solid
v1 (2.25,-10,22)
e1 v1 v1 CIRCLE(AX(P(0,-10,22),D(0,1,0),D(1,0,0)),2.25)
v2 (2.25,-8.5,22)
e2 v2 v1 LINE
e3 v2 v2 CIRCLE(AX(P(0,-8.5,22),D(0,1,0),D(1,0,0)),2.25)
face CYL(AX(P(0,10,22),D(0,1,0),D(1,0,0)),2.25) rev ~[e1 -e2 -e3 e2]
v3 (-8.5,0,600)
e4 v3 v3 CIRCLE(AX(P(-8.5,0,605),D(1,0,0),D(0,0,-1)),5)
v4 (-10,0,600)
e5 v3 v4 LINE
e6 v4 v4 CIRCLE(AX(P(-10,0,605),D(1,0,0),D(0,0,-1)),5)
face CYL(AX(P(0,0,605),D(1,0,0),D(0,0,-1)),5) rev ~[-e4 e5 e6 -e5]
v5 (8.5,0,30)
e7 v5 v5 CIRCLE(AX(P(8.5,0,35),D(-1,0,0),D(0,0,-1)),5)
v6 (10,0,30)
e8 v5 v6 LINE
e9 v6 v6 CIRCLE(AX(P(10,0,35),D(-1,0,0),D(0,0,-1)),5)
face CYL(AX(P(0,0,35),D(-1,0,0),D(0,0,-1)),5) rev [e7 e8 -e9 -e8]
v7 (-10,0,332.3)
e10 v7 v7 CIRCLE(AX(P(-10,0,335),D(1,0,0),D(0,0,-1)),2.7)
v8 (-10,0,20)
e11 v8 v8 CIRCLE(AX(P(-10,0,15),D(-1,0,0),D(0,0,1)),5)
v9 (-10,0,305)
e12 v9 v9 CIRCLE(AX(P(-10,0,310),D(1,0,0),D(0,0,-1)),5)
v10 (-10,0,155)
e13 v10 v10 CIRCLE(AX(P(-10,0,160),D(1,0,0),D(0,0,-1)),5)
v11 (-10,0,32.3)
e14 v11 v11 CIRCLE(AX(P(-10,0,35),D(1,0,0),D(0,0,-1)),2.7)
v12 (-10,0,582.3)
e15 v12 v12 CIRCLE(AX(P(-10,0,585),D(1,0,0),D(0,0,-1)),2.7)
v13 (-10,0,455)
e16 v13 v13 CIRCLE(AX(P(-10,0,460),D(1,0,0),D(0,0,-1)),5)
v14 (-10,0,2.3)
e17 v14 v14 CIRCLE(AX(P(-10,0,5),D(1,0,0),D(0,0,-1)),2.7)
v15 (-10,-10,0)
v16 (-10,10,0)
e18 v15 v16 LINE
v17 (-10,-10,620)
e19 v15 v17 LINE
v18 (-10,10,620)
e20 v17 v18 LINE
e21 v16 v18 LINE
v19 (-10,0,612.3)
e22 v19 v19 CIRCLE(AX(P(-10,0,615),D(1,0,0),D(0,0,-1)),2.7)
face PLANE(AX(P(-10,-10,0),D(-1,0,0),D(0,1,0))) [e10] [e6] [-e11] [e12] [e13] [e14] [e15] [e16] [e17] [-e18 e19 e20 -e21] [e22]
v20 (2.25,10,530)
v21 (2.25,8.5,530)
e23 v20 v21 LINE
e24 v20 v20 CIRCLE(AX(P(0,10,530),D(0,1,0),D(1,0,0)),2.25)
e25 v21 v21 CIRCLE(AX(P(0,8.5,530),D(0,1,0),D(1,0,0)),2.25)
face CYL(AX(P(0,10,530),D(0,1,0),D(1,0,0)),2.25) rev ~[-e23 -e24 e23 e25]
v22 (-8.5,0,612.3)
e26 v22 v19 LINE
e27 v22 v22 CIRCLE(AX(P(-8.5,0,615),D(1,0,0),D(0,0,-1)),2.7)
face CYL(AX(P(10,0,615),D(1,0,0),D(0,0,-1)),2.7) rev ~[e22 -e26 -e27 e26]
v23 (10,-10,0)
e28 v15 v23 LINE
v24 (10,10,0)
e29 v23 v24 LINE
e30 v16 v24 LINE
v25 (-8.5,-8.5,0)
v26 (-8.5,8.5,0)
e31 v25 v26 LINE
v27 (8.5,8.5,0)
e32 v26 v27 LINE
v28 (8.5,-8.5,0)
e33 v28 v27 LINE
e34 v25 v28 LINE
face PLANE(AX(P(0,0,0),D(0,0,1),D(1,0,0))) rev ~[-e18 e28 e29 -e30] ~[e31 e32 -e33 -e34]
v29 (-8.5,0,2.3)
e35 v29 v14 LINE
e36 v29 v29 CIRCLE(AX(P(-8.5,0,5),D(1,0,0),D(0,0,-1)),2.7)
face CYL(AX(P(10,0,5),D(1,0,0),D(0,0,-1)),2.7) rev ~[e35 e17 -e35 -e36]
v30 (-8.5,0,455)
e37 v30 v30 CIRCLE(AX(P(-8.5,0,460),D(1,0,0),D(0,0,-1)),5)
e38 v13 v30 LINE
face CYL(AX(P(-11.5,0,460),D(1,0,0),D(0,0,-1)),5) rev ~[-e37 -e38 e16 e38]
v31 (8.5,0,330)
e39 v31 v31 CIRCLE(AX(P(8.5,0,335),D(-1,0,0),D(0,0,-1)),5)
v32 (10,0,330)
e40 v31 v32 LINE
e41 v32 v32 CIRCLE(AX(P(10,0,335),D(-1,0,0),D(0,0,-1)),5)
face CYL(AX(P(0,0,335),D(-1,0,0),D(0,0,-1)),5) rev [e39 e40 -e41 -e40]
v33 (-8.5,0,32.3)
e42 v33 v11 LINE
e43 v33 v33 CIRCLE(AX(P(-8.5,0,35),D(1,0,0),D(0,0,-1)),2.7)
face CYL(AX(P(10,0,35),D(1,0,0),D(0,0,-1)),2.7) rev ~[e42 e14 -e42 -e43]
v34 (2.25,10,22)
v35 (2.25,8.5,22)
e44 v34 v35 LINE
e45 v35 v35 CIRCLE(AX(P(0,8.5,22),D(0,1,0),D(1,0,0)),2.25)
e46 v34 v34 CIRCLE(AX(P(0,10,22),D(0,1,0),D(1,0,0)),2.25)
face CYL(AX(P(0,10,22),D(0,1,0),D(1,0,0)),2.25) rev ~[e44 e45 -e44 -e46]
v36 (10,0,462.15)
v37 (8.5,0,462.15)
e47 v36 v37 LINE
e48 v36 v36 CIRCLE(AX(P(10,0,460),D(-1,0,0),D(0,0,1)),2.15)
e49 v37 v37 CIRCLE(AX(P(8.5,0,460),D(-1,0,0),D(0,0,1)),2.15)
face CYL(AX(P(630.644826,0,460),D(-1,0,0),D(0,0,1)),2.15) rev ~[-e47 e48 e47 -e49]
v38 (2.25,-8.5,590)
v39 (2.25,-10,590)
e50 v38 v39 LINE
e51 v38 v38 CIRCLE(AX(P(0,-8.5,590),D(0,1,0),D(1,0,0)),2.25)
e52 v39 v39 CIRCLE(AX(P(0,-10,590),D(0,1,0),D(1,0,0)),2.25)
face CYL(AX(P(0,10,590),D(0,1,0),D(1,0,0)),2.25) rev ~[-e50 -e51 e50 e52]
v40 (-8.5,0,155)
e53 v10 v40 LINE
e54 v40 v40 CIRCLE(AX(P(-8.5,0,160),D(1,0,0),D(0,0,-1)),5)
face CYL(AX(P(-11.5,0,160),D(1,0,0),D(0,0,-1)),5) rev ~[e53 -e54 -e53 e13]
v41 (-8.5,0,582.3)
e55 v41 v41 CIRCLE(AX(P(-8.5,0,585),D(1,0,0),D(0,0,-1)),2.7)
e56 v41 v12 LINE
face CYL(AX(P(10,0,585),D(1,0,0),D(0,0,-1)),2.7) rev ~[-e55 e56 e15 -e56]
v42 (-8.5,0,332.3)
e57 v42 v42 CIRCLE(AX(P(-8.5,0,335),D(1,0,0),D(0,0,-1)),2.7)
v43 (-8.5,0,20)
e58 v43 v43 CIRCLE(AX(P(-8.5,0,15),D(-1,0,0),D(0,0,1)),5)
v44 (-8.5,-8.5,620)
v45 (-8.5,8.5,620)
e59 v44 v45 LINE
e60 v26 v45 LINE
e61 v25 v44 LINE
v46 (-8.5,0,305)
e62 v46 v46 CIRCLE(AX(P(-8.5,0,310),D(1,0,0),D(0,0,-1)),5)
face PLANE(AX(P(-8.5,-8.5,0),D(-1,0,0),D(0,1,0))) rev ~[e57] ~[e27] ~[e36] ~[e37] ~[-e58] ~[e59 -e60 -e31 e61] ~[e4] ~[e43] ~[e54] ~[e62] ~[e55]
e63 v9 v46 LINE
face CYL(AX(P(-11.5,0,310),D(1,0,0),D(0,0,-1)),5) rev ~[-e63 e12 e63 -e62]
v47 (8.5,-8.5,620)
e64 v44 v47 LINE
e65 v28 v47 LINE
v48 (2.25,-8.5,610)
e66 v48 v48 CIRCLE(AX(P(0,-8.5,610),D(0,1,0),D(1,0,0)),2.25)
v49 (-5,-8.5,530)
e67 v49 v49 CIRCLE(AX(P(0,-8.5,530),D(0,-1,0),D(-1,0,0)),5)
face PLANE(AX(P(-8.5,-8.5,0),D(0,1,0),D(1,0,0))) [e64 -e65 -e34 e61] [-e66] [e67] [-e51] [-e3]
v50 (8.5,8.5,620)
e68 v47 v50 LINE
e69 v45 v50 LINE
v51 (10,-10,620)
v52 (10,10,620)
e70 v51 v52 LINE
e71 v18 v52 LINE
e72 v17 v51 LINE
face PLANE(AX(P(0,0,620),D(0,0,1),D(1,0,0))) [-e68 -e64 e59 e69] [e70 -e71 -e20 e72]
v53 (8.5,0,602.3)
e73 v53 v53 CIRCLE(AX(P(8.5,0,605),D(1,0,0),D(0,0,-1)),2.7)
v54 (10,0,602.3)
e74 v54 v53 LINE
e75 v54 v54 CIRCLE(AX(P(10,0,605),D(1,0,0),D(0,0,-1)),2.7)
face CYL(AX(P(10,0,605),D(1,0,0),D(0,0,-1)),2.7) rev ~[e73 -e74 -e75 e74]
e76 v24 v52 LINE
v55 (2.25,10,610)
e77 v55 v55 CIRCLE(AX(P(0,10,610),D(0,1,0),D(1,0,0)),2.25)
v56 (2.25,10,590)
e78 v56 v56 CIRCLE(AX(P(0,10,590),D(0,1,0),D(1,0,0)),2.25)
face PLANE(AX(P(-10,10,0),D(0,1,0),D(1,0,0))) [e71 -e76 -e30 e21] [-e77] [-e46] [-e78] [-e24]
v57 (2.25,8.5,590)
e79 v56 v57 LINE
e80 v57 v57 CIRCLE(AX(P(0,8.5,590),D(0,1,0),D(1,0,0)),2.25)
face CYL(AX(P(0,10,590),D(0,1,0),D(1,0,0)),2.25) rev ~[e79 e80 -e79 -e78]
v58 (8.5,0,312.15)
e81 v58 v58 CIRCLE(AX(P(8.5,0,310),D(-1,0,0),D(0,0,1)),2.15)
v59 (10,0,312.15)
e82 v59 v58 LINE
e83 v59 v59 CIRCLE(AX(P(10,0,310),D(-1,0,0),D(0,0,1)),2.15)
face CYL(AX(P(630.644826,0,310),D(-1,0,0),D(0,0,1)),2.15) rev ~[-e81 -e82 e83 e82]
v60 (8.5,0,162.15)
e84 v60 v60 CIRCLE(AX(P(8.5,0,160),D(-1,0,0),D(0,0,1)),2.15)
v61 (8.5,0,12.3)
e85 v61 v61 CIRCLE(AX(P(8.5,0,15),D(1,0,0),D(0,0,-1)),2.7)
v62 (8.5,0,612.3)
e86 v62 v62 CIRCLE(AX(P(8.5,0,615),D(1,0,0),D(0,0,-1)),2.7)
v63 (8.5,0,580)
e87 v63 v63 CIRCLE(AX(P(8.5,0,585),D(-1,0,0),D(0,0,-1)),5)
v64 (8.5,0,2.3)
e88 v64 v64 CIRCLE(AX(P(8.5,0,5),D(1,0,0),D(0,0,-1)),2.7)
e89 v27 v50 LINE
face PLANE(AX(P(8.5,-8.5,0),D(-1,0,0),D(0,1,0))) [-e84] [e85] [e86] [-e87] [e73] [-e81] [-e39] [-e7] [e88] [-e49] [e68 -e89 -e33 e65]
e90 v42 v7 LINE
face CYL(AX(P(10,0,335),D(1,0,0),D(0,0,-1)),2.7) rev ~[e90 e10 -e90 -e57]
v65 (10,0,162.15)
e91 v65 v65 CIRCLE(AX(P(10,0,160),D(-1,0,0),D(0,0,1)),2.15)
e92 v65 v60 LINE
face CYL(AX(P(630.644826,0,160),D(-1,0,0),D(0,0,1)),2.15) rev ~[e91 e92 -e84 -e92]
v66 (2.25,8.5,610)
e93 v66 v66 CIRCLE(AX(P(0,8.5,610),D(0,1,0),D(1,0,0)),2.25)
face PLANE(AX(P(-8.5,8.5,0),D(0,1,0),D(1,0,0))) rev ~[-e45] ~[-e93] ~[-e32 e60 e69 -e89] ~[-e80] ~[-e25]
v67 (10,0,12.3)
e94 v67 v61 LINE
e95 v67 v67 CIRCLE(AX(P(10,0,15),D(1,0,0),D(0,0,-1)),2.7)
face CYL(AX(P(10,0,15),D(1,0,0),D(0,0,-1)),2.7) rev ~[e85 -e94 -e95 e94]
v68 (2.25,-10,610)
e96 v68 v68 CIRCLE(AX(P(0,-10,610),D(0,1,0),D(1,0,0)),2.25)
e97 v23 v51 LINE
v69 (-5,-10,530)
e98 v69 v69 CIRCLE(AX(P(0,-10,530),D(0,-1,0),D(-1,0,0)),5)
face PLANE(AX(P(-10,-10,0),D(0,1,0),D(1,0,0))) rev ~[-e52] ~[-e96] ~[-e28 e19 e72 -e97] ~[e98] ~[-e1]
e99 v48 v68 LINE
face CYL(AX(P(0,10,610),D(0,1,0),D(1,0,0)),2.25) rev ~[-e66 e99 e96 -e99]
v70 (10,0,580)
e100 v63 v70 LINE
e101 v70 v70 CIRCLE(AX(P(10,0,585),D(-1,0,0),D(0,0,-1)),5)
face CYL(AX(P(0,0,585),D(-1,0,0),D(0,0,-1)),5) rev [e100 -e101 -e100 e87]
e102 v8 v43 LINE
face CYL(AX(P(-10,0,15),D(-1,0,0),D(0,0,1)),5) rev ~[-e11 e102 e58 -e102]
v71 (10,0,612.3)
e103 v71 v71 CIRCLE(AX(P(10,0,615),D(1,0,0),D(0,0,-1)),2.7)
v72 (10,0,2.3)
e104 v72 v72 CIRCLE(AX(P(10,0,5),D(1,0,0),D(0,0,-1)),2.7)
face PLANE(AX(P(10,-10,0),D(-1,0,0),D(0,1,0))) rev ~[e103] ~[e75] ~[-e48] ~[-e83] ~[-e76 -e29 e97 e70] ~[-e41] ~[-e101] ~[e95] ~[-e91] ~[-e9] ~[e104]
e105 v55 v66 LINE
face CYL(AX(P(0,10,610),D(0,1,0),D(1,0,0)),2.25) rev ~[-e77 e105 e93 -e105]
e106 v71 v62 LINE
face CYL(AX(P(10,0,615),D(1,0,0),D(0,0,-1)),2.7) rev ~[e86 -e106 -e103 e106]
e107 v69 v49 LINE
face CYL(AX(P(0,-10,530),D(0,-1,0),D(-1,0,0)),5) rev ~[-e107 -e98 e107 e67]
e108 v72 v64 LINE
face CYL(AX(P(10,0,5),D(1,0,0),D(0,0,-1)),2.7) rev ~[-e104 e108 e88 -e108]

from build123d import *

# Parameters (mm, degrees)
SKETCH_1_W                  = 20
SKETCH_1_H                  = 20
SKETCH_1_W_2                = 17
SKETCH_1_H_2                = 17
EXTRUDE_1_DEPTH             = 620
SKETCH_2_R                  = 2.7
CUT_EXTRUDE_1_DEPTH         = 25
SKETCH_3_R                  = 2.25
CUT_EXTRUDE_2_DEPTH         = 25
SKETCH_4_R                  = 2.7
CUT_EXTRUDE_3_DEPTH         = 40
SKETCH_6_R                  = 5
CUT_EXTRUDE_4_DEPTH         = 10
CUT_EXTRUDE_START           = 10
SKETCH_7_R                  = 5
CUT_EXTRUDE_5_DEPTH         = 20
CUT_EXTRUDE_START_2         = -10
SKETCH_8_R                  = 5
CUT_EXTRUDE_6_DEPTH         = 30
SKETCH_9_R                  = 5
CUT_EXTRUDE_7_DEPTH         = 5
HOLE_WIZARD_4_3_4_3_1_D     = 4.3
HOLE_WIZARD_10_0_10_1_D     = 10
HOLE_WIZARD_10_0_10_1_DEPTH = 1.5


with BuildPart() as part:
    # ｽｹｯﾁ1 → ﾎﾞｽ - 押し出し1 (new body)
    with BuildSketch(Plane.XY):
        Rectangle(SKETCH_1_W, SKETCH_1_H)
        Rectangle(SKETCH_1_W_2, SKETCH_1_H_2, mode=Mode.SUBTRACT)
    extrude(amount=EXTRUDE_1_DEPTH)

    # ｽｹｯﾁ2 → ｶｯﾄ - 押し出し1 (cut)
    with BuildSketch(Plane(origin=(10, 0, 0), x_dir=(0, 0, -1), z_dir=(1, 0, 0))):
        with Locations((-585, 0)):
            Circle(SKETCH_2_R)
        with Locations((-35, 0)):
            Circle(SKETCH_2_R)
        with Locations((-335, 0)):
            Circle(SKETCH_2_R)
    extrude(amount=-CUT_EXTRUDE_1_DEPTH, mode=Mode.SUBTRACT)

    # ｽｹｯﾁ3 → ｶｯﾄ - 押し出し2 (cut)
    with BuildSketch(Plane(origin=(0, 10, 0), x_dir=(1, 0, 0), z_dir=(0, 1, 0))):
        with Locations((0, -22)):
            Circle(SKETCH_3_R)
        with Locations((0, -610)):
            Circle(SKETCH_3_R)
        with Locations((0, -530)):
            Circle(SKETCH_3_R)
        with Locations((0, -590)):
            Circle(SKETCH_3_R)
    extrude(amount=-CUT_EXTRUDE_2_DEPTH, mode=Mode.SUBTRACT)

    # ｽｹｯﾁ4 → ｶｯﾄ - 押し出し3 (cut)
    with BuildSketch(Plane(origin=(10, 0, 0), x_dir=(0, 0, -1), z_dir=(1, 0, 0))):
        with Locations((-15, 0)):
            Circle(SKETCH_4_R)
        with Locations((-5, 0)):
            Circle(SKETCH_4_R)
        with Locations((-615, 0)):
            Circle(SKETCH_4_R)
        with Locations((-605, 0)):
            Circle(SKETCH_4_R)
    extrude(amount=-CUT_EXTRUDE_3_DEPTH, mode=Mode.SUBTRACT)

    # ｽｹｯﾁ6 → ｶｯﾄ - 押し出し4 (cut)
    with BuildSketch(Plane(origin=(0, -10, 0), x_dir=(-1, 0, 0), z_dir=(0, -1, 0))):
        with Locations((0, -530)):
            Circle(SKETCH_6_R)
    extrude(amount=-CUT_EXTRUDE_4_DEPTH, mode=Mode.SUBTRACT)

    # ｽｹｯﾁ7 → ｶｯﾄ - 押し出し5 (cut)
    with BuildSketch(Plane(origin=(-10, 0, 0), x_dir=(0, 0, -1), z_dir=(1, 0, 0)).offset(CUT_EXTRUDE_START)):
        with Locations((-585, 0)):
            Circle(SKETCH_7_R)
        with Locations((-335, 0)):
            Circle(SKETCH_7_R)
        with Locations((-35, 0)):
            Circle(SKETCH_7_R)
    extrude(amount=CUT_EXTRUDE_5_DEPTH, mode=Mode.SUBTRACT)

    # ｽｹｯﾁ8 → ｶｯﾄ - 押し出し6 (cut)
    with BuildSketch(Plane(origin=(10, 0, 0), x_dir=(0, 0, -1), z_dir=(1, 0, 0)).offset(CUT_EXTRUDE_START_2)):
        with Locations((-605, 0)):
            Circle(SKETCH_8_R)
    extrude(amount=-CUT_EXTRUDE_6_DEPTH, mode=Mode.SUBTRACT)

    # ｽｹｯﾁ9 → ｶｯﾄ - 押し出し7 (cut)
    with BuildSketch(Plane.ZY.offset(10)):
        with Locations((15, 0)):
            Circle(SKETCH_9_R)
    extrude(amount=-CUT_EXTRUDE_7_DEPTH, mode=Mode.SUBTRACT)

    # Ø4.3 (4.3) 直径の穴1 (through all)
    with Locations(Plane(origin=(10, 0, 0), x_dir=(0, 0, -1), z_dir=(1, 0, 0))):
        with Locations((-460, 0), (-310, 0), (-160, 0)):
            Hole(HOLE_WIZARD_4_3_4_3_1_D / 2)

    # Ø10.0 (10) 直径の穴1
    with Locations(Plane.ZY.offset(10)):
        with Locations((160, 0), (310, 0), (460, 0)):
            Hole(HOLE_WIZARD_10_0_10_1_D / 2, depth=HOLE_WIZARD_10_0_10_1_DEPTH)


solid = part.part
